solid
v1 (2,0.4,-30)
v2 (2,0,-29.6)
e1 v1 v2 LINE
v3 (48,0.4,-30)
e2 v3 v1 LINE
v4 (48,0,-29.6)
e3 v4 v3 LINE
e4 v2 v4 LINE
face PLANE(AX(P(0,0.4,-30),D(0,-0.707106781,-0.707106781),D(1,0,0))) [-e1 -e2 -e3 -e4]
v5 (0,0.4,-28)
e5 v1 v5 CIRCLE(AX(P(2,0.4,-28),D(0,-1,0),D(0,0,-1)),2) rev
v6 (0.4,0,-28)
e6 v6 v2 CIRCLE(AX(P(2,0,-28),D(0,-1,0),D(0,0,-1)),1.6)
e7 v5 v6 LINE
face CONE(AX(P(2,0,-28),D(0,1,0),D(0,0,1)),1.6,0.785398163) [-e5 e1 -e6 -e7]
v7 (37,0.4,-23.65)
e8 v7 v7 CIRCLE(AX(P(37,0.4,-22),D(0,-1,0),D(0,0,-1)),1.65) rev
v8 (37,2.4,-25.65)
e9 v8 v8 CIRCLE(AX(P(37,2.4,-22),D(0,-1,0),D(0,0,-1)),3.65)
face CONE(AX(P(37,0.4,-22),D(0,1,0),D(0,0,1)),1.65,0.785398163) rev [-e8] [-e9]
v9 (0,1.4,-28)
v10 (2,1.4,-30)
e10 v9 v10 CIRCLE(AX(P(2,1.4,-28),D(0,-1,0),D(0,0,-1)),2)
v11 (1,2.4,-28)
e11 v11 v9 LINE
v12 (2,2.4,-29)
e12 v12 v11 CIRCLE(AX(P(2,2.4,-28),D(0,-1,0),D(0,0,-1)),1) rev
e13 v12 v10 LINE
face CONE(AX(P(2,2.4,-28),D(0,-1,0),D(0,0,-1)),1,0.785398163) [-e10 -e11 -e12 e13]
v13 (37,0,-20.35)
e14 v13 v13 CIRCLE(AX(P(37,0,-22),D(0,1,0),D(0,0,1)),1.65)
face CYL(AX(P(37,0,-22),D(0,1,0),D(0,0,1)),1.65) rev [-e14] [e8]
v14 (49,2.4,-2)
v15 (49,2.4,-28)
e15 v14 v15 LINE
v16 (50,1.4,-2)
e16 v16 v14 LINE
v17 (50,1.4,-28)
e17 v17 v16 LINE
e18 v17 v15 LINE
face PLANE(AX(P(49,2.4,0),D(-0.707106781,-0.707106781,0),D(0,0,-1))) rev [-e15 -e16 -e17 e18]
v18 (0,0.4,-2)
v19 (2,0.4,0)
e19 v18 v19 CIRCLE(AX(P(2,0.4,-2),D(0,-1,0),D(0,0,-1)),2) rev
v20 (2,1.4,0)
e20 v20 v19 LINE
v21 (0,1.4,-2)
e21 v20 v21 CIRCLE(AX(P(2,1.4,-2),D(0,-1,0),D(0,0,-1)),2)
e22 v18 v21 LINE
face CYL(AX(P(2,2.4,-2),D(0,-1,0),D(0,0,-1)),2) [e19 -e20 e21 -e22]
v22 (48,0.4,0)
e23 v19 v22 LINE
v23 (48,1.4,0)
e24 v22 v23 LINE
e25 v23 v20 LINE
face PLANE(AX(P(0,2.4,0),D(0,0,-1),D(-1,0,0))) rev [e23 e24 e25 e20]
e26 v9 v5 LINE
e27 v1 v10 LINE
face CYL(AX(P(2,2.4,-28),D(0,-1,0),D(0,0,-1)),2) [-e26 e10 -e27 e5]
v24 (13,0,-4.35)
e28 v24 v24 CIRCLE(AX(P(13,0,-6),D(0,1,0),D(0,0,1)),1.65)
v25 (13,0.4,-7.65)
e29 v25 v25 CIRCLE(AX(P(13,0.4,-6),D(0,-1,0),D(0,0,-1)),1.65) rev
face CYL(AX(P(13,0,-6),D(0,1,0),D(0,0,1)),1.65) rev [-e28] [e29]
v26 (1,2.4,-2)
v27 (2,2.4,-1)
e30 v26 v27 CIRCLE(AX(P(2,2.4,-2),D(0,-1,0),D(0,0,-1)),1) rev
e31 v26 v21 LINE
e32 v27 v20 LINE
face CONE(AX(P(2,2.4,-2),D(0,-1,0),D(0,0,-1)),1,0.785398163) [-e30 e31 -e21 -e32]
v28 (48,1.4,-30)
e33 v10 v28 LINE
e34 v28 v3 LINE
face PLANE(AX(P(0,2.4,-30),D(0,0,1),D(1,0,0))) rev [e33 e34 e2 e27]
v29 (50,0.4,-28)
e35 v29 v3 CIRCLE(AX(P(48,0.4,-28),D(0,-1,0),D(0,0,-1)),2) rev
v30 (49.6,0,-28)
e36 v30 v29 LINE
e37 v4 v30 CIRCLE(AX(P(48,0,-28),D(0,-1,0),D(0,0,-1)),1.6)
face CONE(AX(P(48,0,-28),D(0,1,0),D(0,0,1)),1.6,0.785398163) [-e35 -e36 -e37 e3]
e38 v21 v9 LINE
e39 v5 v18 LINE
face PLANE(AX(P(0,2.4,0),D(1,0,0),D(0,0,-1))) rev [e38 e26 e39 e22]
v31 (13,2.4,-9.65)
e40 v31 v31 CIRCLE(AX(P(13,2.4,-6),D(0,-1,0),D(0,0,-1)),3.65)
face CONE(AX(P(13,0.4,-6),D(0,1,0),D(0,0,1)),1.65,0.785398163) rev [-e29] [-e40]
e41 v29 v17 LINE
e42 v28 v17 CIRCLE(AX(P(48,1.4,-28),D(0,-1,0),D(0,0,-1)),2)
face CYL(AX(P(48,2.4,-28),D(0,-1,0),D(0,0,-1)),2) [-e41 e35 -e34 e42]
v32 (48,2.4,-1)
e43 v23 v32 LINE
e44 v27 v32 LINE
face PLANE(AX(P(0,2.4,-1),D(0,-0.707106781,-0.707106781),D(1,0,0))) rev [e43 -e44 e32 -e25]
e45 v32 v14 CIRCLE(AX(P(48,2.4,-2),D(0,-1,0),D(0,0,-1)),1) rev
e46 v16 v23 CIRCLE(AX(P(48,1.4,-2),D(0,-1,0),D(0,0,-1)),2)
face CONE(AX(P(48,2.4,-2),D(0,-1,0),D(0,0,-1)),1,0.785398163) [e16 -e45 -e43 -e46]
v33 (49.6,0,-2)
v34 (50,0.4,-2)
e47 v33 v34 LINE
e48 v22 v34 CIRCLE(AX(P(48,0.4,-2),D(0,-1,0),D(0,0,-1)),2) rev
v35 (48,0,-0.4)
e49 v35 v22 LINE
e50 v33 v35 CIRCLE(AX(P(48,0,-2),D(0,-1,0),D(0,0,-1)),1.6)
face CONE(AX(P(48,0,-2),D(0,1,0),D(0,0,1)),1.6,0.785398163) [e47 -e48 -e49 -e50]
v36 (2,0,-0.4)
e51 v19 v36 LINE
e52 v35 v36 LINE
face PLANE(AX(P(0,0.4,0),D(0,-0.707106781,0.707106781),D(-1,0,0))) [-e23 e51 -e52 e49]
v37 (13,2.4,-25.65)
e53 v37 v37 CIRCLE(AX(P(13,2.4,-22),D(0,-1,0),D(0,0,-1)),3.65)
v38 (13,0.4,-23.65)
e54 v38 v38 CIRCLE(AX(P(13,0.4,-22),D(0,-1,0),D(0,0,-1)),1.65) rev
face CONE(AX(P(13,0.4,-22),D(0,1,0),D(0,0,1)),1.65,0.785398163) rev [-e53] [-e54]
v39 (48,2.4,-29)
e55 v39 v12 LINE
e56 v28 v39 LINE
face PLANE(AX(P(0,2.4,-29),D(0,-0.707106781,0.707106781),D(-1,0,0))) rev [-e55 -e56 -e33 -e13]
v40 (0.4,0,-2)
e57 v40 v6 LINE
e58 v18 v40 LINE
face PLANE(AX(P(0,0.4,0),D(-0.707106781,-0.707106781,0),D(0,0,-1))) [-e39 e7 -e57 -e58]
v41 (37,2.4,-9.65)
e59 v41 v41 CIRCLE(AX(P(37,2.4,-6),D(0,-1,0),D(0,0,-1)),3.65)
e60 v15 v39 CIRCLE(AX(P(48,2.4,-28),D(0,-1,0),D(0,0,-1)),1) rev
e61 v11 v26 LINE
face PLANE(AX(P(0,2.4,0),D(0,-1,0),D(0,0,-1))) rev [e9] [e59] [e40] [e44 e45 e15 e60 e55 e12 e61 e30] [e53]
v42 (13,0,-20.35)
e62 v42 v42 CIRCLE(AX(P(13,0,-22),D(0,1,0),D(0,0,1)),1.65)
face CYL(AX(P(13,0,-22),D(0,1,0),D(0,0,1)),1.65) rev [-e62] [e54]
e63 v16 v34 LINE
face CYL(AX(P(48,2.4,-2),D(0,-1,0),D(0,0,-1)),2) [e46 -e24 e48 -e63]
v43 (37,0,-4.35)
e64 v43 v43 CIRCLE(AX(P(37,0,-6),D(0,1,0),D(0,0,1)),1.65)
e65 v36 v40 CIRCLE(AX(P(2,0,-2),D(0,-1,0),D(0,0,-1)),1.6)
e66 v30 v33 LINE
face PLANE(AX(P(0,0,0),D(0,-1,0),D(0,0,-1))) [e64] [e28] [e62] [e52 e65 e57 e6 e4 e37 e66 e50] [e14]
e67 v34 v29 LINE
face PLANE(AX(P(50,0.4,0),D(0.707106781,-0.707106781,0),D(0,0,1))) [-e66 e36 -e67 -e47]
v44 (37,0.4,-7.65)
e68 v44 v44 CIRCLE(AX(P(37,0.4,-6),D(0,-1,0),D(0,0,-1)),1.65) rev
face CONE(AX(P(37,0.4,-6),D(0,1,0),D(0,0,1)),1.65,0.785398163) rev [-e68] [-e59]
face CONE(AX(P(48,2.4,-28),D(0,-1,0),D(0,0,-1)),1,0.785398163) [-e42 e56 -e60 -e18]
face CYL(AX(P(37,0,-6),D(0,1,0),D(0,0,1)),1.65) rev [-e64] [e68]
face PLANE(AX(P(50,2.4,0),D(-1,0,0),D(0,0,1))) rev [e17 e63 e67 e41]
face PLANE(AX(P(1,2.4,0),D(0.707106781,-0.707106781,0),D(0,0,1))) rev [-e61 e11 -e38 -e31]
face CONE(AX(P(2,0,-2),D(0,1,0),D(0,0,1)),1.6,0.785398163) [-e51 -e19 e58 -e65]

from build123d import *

# Parameters (mm, degrees)
SKETCH_1_W          = 50
SKETCH_1_H          = 30
EXTRUDE_1_DEPTH     = 2.4
SKETCH_2_R          = 1.65
CUT_EXTRUDE_1_DEPTH = 59.35888964
CHAMFER_1_SIZE      = 2
FILLET_1_R          = 2
CHAMFER_2_SIZE      = 1
CHAMFER_3_SIZE      = 0.4


with BuildPart() as part:
    # 草图1 → 凸台-拉伸1 (new body)
    with BuildSketch(Plane(origin=(0, 0, 0), x_dir=(1, 0, 0), z_dir=(0, 1, 0))):
        with Locations((25, 15)):
            Rectangle(SKETCH_1_W, SKETCH_1_H)
    extrude(amount=EXTRUDE_1_DEPTH)

    # 草图2 → 切除-拉伸1 (cut, through all)
    with BuildSketch(Plane(origin=(0, 2.4, 0), x_dir=(1, 0, 0), z_dir=(0, 1, 0))):
        with Locations(Location((13, 6, 0), (0, 0, 270))):
            Circle(SKETCH_2_R)
        with Locations(Location((37, 6, 0), (0, 0, 270))):
            Circle(SKETCH_2_R)
        with Locations(Location((13, 22, 0), (0, 0, 270))):
            Circle(SKETCH_2_R)
        with Locations(Location((37, 22, 0), (0, 0, 270))):
            Circle(SKETCH_2_R)
    extrude(amount=-CUT_EXTRUDE_1_DEPTH, mode=Mode.SUBTRACT)

    # 倒角1
    chamfer_1_edges = [part.edges().sort_by_distance(p)[0] for p in [
        (13, 2.4, -7.65),
        (37, 2.4, -23.65),
        (37, 2.4, -7.65),
        (13, 2.4, -23.65),
    ]]
    chamfer(chamfer_1_edges, length=CHAMFER_1_SIZE)

    # 圆角1
    fillet_1_edges = [part.edges().sort_by_distance(p)[0] for p in [
        (0, 1.2, -30),
        (50, 1.2, -30),
        (50, 1.2, 0),
        (0, 1.2, 0),
    ]]
    fillet(fillet_1_edges, radius=FILLET_1_R)

    # 倒角2
    chamfer_2_edges = [part.edges().sort_by_distance(p)[0] for p in [
        (25, 2.4, -30),
        (50, 2.4, -15),
        (0, 2.4, -15),
        (25, 2.4, 0),
        (0.585786438, 2.4, -29.414213562),
        (0.585786438, 2.4, -0.585786438),
        (49.414213562, 2.4, -0.585786438),
        (49.414213562, 2.4, -29.414213562),
    ]]
    chamfer(chamfer_2_edges, length=CHAMFER_2_SIZE)

    # 倒角3
    chamfer_3_edges = [part.edges().sort_by_distance(p)[0] for p in [
        (25, 0, -30),
        (0, 0, -15),
        (50, 0, -15),
        (25, 0, 0),
        (0.585786438, 0, -29.414213562),
        (0.585786438, 0, -0.585786438),
        (49.414213562, 0, -0.585786438),
        (49.414213562, 0, -29.414213562),
    ]]
    chamfer(chamfer_3_edges, length=CHAMFER_3_SIZE)


solid = part.part
